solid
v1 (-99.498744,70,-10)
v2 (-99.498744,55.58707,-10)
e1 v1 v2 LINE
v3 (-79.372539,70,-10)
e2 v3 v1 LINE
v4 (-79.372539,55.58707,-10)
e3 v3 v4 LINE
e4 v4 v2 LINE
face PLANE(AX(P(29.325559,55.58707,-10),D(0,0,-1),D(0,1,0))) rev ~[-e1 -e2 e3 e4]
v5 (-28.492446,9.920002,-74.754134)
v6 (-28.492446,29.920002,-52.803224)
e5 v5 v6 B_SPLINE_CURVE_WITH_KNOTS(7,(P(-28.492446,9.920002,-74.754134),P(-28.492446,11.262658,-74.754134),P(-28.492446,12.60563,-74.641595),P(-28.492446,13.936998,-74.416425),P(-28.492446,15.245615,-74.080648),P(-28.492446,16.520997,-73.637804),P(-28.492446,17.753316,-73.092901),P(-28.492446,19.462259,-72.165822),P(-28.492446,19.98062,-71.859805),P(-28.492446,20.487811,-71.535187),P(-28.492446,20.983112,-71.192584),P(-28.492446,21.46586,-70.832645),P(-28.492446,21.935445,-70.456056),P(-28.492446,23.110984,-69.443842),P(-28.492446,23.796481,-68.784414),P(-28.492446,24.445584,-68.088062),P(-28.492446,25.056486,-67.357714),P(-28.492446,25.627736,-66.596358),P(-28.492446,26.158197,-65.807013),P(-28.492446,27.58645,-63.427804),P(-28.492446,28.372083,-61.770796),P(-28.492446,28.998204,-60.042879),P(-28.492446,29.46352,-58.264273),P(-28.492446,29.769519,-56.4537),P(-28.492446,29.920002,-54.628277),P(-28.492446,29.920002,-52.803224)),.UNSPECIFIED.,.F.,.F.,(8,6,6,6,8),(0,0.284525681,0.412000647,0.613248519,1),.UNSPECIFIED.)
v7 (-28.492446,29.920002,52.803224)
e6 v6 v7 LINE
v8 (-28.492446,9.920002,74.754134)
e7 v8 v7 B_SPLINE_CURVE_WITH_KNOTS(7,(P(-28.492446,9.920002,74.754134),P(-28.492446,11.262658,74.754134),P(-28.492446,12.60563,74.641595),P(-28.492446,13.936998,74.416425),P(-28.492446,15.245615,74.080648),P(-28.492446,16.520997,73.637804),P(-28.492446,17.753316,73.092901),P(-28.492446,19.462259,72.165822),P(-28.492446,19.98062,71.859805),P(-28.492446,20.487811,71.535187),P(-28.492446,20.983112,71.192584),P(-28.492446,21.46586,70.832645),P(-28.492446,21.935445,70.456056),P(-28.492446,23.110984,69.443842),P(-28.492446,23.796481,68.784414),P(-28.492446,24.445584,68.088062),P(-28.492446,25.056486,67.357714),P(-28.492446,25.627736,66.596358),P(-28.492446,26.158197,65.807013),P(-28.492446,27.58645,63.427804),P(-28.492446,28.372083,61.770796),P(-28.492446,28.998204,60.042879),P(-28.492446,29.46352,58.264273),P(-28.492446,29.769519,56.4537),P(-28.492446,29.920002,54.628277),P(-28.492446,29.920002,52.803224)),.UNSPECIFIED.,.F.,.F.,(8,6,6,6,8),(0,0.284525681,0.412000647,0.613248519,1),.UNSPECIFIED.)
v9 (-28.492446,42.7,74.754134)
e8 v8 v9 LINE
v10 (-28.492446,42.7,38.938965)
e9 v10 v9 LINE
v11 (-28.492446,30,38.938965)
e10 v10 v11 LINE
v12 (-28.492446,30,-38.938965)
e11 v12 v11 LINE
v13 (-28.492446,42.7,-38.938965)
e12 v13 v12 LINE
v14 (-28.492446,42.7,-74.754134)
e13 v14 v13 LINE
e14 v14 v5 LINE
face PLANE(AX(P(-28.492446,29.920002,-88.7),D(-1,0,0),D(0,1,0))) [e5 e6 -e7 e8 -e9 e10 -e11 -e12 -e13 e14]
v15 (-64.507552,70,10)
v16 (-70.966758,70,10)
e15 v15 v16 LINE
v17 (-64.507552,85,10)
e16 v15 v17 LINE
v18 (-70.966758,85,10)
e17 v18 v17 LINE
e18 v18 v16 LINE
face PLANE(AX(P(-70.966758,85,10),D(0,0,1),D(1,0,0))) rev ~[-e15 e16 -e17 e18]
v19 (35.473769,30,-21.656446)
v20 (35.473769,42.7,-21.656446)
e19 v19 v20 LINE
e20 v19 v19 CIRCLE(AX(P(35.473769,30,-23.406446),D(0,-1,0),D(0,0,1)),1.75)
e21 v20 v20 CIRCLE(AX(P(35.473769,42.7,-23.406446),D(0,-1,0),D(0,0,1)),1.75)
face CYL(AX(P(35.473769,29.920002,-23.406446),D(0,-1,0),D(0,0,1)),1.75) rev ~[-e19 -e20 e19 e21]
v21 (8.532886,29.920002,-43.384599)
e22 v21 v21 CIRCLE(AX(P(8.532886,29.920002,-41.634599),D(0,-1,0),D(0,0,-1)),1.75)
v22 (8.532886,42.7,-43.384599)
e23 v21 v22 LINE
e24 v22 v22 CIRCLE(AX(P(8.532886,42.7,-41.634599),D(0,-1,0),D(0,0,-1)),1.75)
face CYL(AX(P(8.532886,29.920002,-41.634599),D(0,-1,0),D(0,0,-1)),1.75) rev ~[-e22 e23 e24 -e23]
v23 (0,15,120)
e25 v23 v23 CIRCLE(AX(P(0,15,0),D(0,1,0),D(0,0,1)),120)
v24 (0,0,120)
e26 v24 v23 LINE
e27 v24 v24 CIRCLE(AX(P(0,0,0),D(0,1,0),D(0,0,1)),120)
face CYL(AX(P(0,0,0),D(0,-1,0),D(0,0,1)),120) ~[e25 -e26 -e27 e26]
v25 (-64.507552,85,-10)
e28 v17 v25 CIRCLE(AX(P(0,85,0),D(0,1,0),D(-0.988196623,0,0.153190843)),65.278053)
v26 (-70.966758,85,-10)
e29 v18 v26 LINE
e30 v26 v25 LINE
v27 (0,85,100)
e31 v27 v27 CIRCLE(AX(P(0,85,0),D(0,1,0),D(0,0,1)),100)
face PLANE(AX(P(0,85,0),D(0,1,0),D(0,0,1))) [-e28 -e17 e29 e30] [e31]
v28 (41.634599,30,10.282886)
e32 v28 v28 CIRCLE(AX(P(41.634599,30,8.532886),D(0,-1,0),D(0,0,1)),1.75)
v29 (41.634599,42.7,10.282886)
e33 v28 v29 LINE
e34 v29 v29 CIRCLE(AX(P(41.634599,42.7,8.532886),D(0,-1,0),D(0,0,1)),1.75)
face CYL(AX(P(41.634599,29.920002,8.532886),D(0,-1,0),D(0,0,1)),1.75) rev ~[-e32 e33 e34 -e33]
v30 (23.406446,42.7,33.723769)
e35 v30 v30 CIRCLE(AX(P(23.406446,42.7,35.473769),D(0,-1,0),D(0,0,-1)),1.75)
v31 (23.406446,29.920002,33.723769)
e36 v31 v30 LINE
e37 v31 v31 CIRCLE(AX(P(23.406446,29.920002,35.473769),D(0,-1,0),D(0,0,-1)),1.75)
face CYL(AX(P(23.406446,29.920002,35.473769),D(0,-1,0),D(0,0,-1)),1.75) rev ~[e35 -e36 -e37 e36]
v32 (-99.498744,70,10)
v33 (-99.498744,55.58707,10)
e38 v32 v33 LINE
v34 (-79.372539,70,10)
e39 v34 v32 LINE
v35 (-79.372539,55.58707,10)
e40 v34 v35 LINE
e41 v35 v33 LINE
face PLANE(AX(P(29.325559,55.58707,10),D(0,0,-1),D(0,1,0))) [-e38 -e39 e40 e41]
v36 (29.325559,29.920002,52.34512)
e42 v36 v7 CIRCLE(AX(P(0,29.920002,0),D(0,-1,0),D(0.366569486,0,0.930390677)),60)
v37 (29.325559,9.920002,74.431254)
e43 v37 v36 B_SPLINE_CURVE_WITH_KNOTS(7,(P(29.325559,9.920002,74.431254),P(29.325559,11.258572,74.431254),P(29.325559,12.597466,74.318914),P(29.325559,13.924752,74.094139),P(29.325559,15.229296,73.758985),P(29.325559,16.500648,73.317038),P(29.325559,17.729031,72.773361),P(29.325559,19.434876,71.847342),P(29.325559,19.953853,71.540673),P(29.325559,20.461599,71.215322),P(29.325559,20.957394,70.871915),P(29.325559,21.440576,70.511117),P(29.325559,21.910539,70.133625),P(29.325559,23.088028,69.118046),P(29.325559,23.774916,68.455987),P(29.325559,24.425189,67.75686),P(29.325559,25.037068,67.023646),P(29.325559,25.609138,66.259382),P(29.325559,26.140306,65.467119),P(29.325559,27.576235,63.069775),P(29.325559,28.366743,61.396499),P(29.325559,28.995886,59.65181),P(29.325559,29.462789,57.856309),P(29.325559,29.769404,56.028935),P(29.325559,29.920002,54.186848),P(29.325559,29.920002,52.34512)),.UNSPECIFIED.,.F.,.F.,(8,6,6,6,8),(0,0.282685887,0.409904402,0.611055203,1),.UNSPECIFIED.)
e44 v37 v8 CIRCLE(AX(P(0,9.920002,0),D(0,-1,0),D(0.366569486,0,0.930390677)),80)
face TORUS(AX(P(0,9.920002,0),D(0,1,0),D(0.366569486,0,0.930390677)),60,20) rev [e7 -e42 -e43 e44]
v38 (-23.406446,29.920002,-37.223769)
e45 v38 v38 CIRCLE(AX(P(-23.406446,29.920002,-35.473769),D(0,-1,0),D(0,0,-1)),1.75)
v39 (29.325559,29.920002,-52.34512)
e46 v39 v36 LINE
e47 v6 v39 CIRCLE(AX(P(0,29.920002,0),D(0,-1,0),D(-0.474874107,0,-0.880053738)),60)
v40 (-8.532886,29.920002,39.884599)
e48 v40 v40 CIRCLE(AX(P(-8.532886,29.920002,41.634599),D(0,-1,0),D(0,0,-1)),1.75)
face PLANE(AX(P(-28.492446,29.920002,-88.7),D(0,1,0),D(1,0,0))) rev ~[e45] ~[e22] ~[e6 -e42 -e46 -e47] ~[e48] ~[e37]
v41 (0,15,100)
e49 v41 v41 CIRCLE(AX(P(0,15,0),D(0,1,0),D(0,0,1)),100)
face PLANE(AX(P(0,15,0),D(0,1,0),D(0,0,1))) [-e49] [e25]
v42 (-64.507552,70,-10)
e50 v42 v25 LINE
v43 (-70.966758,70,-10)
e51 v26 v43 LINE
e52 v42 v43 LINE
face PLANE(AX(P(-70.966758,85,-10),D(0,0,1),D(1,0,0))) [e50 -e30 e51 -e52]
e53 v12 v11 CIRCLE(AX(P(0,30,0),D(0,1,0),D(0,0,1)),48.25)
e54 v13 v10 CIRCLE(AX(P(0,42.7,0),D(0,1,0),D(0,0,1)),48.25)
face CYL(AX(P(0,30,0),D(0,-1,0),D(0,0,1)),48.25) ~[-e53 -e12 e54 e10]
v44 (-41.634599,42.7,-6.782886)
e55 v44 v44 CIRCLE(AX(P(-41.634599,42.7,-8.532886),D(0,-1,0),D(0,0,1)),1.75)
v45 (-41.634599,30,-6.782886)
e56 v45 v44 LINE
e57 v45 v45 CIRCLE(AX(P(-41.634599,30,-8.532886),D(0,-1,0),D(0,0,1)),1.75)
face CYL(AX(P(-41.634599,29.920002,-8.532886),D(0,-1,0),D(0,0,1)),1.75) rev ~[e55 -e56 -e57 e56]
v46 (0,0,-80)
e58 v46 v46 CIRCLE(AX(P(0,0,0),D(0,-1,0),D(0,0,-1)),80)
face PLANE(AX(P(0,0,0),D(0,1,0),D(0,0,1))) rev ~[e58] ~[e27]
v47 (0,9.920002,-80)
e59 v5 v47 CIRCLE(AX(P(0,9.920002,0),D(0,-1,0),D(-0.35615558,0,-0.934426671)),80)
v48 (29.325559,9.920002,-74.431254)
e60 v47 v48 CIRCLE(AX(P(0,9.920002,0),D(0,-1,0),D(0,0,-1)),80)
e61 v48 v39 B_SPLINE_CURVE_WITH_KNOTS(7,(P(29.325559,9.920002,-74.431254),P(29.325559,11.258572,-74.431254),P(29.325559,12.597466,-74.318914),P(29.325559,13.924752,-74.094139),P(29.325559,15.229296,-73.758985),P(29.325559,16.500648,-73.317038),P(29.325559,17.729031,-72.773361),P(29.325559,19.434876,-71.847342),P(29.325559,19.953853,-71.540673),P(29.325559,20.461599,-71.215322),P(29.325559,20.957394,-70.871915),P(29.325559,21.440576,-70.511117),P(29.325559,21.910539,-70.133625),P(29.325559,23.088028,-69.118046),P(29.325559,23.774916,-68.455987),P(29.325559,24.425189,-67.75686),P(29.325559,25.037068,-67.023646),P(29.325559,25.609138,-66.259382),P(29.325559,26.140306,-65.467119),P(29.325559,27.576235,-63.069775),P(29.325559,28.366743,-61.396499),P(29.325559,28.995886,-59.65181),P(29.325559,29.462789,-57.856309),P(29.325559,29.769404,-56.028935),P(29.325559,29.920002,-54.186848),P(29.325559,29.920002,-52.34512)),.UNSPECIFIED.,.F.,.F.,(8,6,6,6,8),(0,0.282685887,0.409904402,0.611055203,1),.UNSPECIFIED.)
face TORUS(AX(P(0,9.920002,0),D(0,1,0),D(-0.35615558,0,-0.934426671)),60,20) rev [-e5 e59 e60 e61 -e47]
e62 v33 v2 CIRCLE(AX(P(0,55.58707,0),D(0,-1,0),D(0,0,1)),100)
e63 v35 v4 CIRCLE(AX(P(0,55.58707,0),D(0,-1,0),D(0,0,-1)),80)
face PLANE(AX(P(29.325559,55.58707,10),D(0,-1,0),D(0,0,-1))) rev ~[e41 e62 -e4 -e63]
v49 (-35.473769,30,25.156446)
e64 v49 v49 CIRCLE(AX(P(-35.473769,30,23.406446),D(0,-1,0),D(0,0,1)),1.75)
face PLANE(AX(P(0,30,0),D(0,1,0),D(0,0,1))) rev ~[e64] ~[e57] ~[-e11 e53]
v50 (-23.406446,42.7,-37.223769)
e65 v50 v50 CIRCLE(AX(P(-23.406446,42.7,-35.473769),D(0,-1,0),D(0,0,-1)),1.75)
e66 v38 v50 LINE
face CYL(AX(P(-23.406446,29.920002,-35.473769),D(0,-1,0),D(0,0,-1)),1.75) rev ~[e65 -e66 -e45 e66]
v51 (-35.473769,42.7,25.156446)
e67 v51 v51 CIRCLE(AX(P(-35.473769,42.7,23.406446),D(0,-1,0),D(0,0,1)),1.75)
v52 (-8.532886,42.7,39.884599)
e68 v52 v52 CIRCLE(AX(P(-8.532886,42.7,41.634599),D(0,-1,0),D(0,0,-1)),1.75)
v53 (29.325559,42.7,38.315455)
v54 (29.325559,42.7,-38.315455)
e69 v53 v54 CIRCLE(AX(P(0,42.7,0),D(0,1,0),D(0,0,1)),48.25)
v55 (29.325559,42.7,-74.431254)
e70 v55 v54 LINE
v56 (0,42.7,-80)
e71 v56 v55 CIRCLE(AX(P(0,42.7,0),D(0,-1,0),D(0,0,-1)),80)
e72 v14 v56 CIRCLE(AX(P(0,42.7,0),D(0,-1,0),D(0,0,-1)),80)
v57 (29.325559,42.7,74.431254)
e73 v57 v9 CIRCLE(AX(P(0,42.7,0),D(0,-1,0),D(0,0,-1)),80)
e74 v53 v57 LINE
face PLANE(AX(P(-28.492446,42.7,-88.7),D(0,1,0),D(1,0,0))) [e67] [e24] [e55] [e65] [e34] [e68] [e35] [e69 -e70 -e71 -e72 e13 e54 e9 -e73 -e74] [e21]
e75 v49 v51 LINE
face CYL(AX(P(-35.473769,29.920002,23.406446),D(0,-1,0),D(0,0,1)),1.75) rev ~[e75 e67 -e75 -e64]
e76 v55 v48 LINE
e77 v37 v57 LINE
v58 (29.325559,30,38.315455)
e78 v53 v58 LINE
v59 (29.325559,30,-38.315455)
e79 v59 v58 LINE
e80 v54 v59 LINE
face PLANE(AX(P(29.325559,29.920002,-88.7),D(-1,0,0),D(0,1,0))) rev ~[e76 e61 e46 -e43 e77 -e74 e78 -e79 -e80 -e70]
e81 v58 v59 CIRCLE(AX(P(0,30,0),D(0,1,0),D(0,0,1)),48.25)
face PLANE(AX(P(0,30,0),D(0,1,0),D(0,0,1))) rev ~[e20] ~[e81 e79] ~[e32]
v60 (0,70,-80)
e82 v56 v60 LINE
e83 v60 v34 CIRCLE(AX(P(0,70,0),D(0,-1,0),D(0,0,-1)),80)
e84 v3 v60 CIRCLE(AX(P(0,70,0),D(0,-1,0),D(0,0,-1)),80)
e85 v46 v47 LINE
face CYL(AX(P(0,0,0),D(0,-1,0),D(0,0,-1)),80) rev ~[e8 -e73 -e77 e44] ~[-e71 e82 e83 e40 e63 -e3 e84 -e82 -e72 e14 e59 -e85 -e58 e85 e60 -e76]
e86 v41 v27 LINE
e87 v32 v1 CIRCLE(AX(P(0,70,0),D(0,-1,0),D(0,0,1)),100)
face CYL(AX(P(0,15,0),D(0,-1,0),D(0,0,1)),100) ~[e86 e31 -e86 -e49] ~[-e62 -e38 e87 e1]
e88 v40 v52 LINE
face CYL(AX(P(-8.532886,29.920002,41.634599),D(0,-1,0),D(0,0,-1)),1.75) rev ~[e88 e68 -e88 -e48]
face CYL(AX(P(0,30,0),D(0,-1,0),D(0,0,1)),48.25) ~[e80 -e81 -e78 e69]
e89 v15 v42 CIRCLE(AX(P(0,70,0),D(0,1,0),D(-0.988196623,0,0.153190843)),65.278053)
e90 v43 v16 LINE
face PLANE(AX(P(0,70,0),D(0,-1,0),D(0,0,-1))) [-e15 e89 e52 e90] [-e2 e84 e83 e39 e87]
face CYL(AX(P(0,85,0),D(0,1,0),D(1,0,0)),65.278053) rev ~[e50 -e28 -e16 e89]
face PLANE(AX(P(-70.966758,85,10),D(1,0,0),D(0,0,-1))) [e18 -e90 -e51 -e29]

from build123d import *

# Parameters (mm, degrees)
SKETCH_1_R           = 120
EXTRUDE_1_DEPTH      = 15
SKETCH_2_R           = 100
EXTRUDE_2_DEPTH      = 70
SKETCH_3_R           = 80
CUT_EXTRUDE_1_DEPTH  = 70
SKETCH_4_R           = 48.25
CUT_EXTRUDE_2_DEPTH  = 65
EXTRUDE_START        = 30
SKETCH_6_R           = 48.25
EXTRUDE_3_DEPTH      = 12.7
EXTRUDE_4_DEPTH      = 85.7
EXTRUDE_4_DEPTH_BACK = 88.7
SKETCH_8_W           = 57.818005318
SKETCH_8_H           = 12.779998275
FILLET_1_R           = 20
FILLET_2_R           = 20
SKETCH_10_W          = 23.933516112
SKETCH_10_H          = 20
CUT_EXTRUDE_3_DEPTH  = 25
SKETCH_11_R          = 65.278053168
CUT_EXTRUDE_4_DEPTH  = 19
SKETCH_12_W          = 20
SKETCH_12_H          = 14.412930018
CUT_EXTRUDE_5_DEPTH  = 165
SKETCH_13_R          = 1.75
CUT_EXTRUDE_6_DEPTH  = 25


with BuildPart() as part:
    # 草图1 → 凸台-拉伸1 (new body)
    with BuildSketch(Plane(origin=(0, 0, 0), x_dir=(1, 0, 0), z_dir=(0, 1, 0))):
        with Locations(Location((0, 0, 0), (0, 0, 270))):
            Circle(SKETCH_1_R)
    extrude(amount=EXTRUDE_1_DEPTH)

    # 草图2 → 凸台-拉伸2 (add)
    with BuildSketch(Plane(origin=(0, 15, 0), x_dir=(1, 0, 0), z_dir=(0, 1, 0))):
        with Locations(Location((0, 0, 0), (0, 0, 270))):
            Circle(SKETCH_2_R)
    extrude(amount=EXTRUDE_2_DEPTH)

    # 草图3 → 切除-拉伸1 (cut)
    with BuildSketch(Plane.XZ):
        with Locations(Location((0, 0, 0), (0, 0, 270))):
            Circle(SKETCH_3_R)
    extrude(amount=-CUT_EXTRUDE_1_DEPTH, mode=Mode.SUBTRACT)

    # 草图4 → 切除-拉伸2 (cut)
    with BuildSketch(Plane(origin=(0, 85, 0), x_dir=(1, 0, 0), z_dir=(0, 1, 0))):
        with Locations(Location((0, 0, 0), (0, 0, 270))):
            Circle(SKETCH_4_R)
    extrude(amount=-CUT_EXTRUDE_2_DEPTH, mode=Mode.SUBTRACT)



with BuildPart() as body_2:
    # 草图6 → 凸台-拉伸3 (new body)
    with BuildSketch(Plane(origin=(0, 0, 0), x_dir=(1, 0, 0), z_dir=(0, 1, 0)).offset(EXTRUDE_START)):
        with Locations(Location((0, 0, 0), (0, 0, 270))):
            Circle(SKETCH_6_R)
    extrude(amount=EXTRUDE_3_DEPTH)


with BuildPart() as part_1:
    add(part.part)

    add(body_2.part)  # 凸台-拉伸4 merges body 2
    # 草图8 → 凸台-拉伸4 (add, two sides: drawn at the far end of the back side and taken through both)
    with BuildSketch(Plane.XY.offset(-EXTRUDE_4_DEPTH_BACK)):
        with Locations((0.416556234, 36.310000863)):
            Rectangle(SKETCH_8_W, SKETCH_8_H)
    extrude(amount=EXTRUDE_4_DEPTH + EXTRUDE_4_DEPTH_BACK)

    # 圆角1
    fillet_1_edges = [part_1.edges().sort_by_distance(p)[0] for p in [
        (0.446745886, 29.920001725, 79.998752603),
    ]]
    fillet(fillet_1_edges, radius=FILLET_1_R)

    # 圆角2
    fillet_2_edges = [part_1.edges().sort_by_distance(p)[0] for p in [
        (14.924805984, 29.920001725, -78.595484389),
    ]]
    fillet(fillet_2_edges, radius=FILLET_2_R)

    # 草图10 → 切除-拉伸3 (cut)
    with BuildSketch(Plane(origin=(0, 85, 0), x_dir=(1, 0, 0), z_dir=(0, 1, 0))):
        with Locations((-59, 0)):
            Rectangle(SKETCH_10_W, SKETCH_10_H)
    extrude(amount=-CUT_EXTRUDE_3_DEPTH, mode=Mode.SUBTRACT)

    # 草图11 → 切除-拉伸4 (cut)
    with BuildSketch(Plane(origin=(0, 85, 0), x_dir=(1, 0, 0), z_dir=(0, 1, 0))):
        Circle(SKETCH_11_R)
    extrude(amount=-CUT_EXTRUDE_4_DEPTH, mode=Mode.SUBTRACT)

    # 草图12 → 切除-拉伸5 (cut)
    with BuildSketch(Plane(origin=(29.325558893, 0, 0), x_dir=(0, 0, -1), z_dir=(1, 0, 0))):
        with Locations((0, 62.793534991)):
            Rectangle(SKETCH_12_W, SKETCH_12_H)
    extrude(amount=-CUT_EXTRUDE_5_DEPTH, mode=Mode.SUBTRACT)

    # 草图13 → 切除-拉伸6 (cut)
    with BuildSketch(Plane.XZ.offset(-29.920001725)):
        with Locations(Location((-8.532886067, 41.634599258, 0), (0, 0, 270))):
            Circle(SKETCH_13_R)
        with Locations(Location((23.406445866, 35.473769068, 0), (0, 0, 270))):
            Circle(SKETCH_13_R)
        with Locations(Location((41.634599258, 8.532886067, 0), (0, 0, 90))):
            Circle(SKETCH_13_R)
        with Locations(Location((35.473769068, -23.406445866, 0), (0, 0, 90))):
            Circle(SKETCH_13_R)
        with Locations(Location((8.532886067, -41.634599258, 0), (0, 0, 270))):
            Circle(SKETCH_13_R)
        with Locations(Location((-23.406445866, -35.473769068, 0), (0, 0, 270))):
            Circle(SKETCH_13_R)
        with Locations(Location((-41.634599258, -8.532886067, 0), (0, 0, 90))):
            Circle(SKETCH_13_R)
        with Locations(Location((-35.473769068, 23.406445866, 0), (0, 0, 90))):
            Circle(SKETCH_13_R)
    extrude(amount=-CUT_EXTRUDE_6_DEPTH, mode=Mode.SUBTRACT)


solid = part_1.part
